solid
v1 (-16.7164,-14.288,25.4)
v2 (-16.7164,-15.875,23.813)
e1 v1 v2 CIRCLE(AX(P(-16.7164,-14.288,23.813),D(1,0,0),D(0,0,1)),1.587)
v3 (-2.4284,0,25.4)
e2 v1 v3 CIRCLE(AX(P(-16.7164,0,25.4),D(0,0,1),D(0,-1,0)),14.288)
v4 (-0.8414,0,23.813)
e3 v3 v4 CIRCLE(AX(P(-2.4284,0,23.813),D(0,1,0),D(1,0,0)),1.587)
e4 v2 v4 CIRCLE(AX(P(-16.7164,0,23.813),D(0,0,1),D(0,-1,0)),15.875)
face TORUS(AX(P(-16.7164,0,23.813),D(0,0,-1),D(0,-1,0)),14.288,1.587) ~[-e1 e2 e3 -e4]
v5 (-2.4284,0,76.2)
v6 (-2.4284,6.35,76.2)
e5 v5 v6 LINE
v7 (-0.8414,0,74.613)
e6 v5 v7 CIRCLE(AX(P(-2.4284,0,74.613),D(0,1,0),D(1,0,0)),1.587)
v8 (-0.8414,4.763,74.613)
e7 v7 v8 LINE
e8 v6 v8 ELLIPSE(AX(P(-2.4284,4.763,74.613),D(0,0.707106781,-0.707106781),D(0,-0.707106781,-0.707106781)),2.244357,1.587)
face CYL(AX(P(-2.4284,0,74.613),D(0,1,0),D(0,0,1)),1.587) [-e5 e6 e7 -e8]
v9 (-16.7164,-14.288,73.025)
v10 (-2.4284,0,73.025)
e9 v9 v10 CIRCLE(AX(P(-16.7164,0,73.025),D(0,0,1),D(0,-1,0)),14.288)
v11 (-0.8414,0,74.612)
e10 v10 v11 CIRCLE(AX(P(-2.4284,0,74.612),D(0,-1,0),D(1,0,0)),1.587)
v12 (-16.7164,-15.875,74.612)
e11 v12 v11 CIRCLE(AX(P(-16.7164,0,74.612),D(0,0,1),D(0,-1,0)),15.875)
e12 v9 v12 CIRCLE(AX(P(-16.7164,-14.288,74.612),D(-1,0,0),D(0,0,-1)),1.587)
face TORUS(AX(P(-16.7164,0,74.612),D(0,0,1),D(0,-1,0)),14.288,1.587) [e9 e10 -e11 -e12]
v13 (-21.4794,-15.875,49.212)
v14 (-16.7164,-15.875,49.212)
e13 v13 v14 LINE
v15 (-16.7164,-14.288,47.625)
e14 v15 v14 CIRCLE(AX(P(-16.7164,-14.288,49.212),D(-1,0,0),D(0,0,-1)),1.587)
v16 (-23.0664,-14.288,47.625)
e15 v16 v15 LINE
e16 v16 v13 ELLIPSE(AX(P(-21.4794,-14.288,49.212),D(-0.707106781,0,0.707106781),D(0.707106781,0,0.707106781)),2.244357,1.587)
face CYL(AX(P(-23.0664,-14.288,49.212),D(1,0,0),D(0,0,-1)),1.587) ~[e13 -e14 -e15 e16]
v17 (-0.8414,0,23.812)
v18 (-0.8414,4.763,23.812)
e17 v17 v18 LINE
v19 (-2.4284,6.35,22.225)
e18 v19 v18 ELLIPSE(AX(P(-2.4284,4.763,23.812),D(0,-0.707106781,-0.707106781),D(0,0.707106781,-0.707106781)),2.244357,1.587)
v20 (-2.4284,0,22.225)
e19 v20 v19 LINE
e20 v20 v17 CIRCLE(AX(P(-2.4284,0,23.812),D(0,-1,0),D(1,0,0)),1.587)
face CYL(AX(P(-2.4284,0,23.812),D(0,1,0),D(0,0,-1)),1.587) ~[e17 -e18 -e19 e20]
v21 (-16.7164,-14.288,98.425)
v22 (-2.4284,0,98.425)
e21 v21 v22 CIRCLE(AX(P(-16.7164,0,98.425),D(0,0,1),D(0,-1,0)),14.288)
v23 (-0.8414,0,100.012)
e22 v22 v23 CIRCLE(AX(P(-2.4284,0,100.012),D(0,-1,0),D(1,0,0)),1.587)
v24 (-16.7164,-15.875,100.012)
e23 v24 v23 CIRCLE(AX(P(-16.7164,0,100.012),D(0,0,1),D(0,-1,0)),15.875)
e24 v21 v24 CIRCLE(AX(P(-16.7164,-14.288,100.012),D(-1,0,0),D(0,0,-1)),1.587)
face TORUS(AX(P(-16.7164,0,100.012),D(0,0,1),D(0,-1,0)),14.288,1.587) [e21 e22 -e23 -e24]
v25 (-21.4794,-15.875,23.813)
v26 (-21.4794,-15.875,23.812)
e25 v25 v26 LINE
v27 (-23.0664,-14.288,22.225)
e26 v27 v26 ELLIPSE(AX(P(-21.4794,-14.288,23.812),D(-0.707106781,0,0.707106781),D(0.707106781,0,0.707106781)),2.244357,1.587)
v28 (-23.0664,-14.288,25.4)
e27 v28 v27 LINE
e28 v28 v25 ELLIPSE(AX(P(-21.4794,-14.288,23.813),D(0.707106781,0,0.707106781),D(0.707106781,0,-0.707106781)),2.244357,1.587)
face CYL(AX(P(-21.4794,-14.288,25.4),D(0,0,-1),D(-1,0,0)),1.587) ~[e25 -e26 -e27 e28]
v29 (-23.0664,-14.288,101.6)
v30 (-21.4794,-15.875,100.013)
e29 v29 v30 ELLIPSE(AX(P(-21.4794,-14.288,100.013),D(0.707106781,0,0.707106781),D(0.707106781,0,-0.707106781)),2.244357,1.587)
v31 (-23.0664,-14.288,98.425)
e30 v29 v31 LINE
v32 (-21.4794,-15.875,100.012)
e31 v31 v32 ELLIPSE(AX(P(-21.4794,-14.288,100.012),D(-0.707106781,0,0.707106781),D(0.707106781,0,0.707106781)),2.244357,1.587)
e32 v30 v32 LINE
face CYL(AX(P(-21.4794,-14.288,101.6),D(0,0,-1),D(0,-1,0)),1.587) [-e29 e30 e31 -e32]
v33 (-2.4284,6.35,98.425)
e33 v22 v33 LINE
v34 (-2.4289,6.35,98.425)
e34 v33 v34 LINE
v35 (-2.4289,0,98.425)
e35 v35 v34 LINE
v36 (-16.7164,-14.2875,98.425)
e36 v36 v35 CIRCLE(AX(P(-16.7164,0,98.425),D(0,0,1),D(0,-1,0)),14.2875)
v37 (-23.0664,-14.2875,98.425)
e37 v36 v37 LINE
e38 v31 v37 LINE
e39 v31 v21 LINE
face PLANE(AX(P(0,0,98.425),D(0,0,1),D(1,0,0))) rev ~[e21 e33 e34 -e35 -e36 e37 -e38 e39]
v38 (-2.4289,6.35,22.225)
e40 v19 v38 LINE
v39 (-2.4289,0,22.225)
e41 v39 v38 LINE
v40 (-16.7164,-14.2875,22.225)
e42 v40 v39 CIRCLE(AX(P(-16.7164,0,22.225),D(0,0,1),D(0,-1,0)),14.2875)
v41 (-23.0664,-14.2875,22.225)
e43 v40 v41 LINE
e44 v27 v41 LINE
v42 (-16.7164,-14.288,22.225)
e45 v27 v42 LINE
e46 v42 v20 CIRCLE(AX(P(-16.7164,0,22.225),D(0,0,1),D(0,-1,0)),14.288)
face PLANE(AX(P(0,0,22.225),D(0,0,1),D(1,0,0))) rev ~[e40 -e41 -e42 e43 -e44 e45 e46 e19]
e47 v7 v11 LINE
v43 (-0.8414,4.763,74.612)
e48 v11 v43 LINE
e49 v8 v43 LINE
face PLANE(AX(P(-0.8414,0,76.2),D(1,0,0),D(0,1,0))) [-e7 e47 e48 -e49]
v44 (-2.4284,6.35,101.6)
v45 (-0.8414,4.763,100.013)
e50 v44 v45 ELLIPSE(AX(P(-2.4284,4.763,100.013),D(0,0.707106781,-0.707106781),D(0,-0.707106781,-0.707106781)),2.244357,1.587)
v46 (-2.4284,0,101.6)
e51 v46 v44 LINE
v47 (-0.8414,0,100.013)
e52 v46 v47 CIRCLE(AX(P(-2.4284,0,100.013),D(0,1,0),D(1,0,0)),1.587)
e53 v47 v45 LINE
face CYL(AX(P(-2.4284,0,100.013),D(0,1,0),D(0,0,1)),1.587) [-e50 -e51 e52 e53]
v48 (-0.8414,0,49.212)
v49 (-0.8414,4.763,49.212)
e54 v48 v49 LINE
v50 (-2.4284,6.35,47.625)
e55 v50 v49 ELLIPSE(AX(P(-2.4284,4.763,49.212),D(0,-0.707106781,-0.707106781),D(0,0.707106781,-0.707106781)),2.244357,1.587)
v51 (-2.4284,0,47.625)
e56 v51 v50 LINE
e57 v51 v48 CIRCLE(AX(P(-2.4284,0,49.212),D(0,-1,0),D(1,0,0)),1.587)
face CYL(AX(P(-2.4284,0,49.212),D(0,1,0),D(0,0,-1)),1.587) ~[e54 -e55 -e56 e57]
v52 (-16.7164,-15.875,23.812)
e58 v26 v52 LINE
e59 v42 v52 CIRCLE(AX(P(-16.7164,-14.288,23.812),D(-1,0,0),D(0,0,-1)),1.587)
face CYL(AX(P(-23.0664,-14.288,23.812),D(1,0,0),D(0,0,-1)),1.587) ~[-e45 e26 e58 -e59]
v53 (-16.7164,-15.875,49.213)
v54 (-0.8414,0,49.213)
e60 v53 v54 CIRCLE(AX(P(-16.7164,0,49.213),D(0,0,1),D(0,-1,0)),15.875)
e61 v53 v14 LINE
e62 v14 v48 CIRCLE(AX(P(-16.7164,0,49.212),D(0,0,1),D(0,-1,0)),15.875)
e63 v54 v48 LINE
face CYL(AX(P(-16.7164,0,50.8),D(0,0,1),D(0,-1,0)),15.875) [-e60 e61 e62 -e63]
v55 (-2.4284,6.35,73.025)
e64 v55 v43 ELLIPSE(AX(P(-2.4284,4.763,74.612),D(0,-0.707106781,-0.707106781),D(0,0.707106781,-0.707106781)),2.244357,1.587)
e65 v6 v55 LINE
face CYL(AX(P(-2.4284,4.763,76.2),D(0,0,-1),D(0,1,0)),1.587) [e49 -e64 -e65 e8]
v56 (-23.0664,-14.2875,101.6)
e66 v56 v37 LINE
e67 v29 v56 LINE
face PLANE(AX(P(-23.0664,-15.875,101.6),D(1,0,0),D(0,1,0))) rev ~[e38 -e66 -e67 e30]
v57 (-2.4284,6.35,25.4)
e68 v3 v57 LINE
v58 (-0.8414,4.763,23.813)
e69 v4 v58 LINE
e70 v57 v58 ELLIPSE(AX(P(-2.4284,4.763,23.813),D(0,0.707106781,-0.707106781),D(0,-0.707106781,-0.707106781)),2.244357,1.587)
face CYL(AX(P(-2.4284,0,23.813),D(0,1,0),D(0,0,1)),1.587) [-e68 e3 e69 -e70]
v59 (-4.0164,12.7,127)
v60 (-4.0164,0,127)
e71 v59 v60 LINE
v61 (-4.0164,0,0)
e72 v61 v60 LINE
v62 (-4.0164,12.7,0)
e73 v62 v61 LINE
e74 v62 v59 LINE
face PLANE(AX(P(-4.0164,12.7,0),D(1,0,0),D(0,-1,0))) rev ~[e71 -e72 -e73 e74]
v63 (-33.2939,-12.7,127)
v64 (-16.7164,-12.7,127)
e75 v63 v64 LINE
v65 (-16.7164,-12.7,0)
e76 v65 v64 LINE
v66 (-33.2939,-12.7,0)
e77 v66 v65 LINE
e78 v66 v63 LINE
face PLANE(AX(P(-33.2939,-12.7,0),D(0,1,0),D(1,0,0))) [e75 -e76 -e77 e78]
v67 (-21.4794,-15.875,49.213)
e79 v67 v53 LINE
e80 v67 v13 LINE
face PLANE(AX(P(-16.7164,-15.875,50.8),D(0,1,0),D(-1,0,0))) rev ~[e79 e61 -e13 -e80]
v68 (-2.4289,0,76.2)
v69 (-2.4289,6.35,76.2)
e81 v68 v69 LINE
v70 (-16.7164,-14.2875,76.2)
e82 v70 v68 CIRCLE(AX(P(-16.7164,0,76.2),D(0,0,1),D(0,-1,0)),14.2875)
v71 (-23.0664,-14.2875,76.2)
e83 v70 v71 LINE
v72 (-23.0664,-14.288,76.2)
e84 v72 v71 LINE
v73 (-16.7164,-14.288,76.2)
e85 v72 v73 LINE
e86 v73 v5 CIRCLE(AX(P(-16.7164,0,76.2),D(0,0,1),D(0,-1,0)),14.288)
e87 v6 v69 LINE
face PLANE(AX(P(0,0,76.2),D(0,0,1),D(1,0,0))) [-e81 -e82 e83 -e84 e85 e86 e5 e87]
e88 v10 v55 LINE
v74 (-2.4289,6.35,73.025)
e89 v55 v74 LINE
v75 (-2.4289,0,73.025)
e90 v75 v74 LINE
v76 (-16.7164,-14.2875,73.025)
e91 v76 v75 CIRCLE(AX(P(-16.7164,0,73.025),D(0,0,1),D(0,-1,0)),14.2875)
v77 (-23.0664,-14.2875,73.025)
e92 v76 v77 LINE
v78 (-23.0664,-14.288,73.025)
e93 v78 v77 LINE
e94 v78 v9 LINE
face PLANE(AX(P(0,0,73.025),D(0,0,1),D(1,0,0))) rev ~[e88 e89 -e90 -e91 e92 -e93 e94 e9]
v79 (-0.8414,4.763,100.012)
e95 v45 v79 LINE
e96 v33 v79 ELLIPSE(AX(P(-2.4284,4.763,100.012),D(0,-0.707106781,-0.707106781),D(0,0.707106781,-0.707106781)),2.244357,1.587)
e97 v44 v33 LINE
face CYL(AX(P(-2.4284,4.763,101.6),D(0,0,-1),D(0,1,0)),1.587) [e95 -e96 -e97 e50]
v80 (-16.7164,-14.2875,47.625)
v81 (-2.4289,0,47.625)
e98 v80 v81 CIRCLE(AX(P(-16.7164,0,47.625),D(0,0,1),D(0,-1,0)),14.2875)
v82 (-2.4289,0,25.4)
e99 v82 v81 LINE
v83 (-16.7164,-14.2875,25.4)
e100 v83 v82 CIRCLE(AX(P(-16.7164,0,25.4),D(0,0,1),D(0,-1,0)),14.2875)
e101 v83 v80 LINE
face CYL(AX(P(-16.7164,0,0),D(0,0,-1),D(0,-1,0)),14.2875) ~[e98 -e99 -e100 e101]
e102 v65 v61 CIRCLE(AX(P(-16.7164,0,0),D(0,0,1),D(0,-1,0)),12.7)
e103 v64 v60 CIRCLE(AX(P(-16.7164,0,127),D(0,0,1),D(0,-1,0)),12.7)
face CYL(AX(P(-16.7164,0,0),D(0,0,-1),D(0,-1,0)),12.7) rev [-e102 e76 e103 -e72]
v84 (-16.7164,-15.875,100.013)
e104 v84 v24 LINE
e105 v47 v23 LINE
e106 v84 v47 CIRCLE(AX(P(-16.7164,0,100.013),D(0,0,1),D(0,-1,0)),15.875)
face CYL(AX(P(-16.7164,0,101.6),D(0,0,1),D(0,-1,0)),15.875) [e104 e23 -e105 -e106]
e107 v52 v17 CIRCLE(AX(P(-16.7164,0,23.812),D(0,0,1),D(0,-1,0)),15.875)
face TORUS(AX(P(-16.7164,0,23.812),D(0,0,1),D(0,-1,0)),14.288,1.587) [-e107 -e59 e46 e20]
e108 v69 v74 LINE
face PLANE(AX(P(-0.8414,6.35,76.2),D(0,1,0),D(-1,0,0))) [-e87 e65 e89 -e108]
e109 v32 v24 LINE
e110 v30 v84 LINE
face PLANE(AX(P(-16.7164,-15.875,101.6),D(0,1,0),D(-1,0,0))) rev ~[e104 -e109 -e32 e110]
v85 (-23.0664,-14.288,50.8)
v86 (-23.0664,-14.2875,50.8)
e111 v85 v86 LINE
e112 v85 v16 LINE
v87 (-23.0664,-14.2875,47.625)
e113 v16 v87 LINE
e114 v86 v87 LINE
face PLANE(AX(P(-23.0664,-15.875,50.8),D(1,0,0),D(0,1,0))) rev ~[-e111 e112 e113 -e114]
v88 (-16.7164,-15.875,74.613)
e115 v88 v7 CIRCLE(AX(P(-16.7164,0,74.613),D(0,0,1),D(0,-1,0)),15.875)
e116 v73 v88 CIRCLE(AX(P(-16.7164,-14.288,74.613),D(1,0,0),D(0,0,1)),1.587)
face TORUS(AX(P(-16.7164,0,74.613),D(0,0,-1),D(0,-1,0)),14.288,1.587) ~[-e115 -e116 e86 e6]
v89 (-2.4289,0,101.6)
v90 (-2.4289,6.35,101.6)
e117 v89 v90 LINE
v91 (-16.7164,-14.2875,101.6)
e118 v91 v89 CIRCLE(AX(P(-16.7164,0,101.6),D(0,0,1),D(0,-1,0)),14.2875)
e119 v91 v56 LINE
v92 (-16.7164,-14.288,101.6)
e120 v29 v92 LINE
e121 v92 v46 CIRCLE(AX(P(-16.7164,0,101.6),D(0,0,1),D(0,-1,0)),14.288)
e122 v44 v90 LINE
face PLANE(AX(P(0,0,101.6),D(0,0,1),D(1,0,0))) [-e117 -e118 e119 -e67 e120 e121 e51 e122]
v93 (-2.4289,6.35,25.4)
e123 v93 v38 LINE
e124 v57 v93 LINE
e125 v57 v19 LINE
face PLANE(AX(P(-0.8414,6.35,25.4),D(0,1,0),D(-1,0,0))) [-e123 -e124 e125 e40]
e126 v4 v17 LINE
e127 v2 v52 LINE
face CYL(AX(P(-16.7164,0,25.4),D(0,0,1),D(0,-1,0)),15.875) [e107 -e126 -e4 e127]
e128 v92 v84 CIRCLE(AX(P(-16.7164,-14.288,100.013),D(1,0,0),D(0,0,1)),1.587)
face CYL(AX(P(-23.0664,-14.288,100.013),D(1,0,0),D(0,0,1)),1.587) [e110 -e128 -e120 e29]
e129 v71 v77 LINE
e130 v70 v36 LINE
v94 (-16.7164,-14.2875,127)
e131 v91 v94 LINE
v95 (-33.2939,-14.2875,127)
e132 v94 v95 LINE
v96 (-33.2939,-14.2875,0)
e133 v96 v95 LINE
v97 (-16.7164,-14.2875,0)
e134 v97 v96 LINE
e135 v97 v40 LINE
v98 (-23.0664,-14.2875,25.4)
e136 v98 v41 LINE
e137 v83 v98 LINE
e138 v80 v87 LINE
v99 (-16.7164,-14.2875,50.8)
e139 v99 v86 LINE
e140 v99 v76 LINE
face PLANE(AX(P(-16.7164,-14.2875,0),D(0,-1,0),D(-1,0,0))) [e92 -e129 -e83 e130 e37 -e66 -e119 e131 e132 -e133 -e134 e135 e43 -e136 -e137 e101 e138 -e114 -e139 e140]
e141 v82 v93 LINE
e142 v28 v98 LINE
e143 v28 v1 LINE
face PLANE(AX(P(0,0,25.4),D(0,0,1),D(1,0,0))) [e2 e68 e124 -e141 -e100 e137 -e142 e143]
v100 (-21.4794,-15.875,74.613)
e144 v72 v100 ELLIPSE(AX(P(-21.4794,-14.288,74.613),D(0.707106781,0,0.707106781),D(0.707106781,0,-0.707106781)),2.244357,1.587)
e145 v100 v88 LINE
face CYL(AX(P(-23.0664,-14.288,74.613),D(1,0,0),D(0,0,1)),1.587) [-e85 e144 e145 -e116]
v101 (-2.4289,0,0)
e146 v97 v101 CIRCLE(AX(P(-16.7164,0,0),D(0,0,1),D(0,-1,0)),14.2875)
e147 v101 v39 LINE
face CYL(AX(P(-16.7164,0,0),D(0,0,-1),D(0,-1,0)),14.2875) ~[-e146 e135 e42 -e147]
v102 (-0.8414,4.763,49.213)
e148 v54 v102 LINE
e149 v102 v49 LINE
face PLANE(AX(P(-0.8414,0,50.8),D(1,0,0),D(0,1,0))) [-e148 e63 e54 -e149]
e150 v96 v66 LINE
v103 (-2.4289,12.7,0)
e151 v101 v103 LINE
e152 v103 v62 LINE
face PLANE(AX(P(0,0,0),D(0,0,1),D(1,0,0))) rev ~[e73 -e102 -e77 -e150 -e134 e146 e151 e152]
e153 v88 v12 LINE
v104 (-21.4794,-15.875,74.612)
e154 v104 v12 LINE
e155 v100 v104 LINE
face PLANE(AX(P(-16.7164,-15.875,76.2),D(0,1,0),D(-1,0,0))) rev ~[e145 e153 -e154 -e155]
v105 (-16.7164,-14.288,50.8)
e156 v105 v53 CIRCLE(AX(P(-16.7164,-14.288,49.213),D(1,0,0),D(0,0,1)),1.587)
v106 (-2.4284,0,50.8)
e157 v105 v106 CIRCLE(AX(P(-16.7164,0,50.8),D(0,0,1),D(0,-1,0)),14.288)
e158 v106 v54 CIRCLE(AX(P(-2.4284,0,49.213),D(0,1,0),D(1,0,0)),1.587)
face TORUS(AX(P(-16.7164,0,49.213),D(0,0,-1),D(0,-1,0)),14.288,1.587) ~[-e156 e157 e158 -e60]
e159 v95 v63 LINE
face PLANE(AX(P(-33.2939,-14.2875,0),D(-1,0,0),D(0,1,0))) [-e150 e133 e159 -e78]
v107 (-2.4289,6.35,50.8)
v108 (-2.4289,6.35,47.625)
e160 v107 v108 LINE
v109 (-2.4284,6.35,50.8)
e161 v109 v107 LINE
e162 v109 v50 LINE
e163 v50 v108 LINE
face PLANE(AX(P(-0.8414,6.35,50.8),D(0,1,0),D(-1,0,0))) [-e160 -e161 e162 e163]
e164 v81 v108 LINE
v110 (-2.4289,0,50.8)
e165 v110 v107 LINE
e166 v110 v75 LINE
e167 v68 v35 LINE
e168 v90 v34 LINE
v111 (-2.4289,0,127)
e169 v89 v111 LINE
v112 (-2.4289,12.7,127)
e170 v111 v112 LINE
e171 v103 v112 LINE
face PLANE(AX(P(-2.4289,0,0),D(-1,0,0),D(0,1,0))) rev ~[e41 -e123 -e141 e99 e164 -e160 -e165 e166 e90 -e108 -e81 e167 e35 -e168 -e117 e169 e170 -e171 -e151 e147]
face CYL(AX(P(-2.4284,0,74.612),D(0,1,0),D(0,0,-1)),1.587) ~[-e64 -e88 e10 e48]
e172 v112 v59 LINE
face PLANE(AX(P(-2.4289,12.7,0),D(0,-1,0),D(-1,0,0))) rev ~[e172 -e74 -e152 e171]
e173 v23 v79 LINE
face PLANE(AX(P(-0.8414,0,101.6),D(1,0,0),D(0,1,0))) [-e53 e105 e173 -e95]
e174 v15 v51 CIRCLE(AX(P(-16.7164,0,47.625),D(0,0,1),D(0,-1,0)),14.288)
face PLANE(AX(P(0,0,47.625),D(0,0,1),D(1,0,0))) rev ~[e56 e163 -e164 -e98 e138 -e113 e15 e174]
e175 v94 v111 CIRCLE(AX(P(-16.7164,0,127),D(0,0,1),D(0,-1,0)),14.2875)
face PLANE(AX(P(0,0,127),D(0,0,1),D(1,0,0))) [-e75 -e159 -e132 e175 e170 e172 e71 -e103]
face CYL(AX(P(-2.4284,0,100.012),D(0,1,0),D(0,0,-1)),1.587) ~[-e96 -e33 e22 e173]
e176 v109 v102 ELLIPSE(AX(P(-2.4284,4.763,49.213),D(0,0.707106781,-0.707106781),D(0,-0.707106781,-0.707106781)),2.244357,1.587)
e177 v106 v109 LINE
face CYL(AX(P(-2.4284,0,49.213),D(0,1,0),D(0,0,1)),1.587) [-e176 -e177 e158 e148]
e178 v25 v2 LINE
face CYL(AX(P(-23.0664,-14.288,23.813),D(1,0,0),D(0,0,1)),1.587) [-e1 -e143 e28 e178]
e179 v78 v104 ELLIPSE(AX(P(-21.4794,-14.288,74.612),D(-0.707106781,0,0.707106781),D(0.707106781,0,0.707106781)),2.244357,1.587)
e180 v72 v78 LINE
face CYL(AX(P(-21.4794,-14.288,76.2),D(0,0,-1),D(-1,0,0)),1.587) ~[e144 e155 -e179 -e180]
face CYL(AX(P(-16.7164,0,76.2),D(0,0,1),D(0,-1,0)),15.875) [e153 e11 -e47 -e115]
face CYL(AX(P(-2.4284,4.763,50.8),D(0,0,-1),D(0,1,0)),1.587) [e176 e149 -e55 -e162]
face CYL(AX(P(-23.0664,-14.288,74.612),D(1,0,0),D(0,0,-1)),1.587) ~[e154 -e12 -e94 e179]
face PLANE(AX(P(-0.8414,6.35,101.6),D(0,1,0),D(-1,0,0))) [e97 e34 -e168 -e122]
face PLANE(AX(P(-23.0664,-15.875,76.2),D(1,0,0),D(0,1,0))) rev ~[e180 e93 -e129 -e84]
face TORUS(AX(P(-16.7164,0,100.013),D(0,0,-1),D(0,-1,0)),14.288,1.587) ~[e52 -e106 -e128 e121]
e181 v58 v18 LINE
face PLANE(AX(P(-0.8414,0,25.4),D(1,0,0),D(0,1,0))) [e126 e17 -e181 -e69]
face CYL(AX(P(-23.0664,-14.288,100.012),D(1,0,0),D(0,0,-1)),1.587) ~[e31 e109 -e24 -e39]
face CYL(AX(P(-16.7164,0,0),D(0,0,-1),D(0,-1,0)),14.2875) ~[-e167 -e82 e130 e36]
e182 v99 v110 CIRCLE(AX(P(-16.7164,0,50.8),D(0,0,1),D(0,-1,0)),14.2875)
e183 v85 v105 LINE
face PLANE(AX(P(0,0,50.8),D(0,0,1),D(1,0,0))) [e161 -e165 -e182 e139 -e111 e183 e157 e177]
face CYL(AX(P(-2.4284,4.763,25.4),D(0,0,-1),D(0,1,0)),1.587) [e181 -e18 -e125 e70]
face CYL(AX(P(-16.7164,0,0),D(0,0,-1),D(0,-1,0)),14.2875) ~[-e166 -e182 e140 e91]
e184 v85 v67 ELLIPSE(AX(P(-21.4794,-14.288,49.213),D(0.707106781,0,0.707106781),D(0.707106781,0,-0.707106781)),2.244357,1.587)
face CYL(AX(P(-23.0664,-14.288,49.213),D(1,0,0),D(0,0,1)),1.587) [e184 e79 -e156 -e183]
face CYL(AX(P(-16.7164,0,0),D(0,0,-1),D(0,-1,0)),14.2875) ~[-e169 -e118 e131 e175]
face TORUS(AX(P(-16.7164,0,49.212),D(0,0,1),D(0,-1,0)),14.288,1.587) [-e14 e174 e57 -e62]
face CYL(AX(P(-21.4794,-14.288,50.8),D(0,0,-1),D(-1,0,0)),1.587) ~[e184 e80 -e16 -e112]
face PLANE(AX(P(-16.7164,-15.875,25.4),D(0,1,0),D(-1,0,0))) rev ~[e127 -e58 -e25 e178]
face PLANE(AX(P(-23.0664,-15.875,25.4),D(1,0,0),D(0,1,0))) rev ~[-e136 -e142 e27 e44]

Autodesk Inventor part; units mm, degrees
ref_plane "YZ Plane" through (0, 0, 0) normal (1, 0, 0) x (0, 1, 0)
ref_plane "XZ Plane" through (0, 0, 0) normal (0, 1, 0) x (-1, 0, 0)
sketch "Sketch1" plane through (0, 0, 0) normal (0, 0, 1) x (1, 0, 0)
  line L0 (-2.4289, 0) -> (-2.4289, 12.7)
  line L1 (-2.4289, 12.7) -> (-4.0164, 12.7)
  line L2 (-4.0164, 12.7) -> (-4.0164, 0)
  line L3 (-4.0164, 0) -> (-29.4164, 0) construction
  line L4 (-33.2939, -14.2875) -> (-33.2939, -12.7)
  line L5 (-33.2939, -12.7) -> (-16.7164, -12.7)
  line L6 (-16.7164, -14.2875) -> (-33.2939, -14.2875)
  arc A0 (-16.7164, -14.2875) -> (-2.4289, 0) centre (-16.7164, 0) ccw
  arc A1 (-16.7164, -12.7) -> (-4.0164, 0) centre (-16.7164, 0) ccw
  dimension "d5" = 1.5875
  dimension "d9" = 1.5875
extrude "Extrusion1" add sketch "Sketch1" along normal blind 127
ref_plane "Work Plane1" through (0, 0, 101.6) normal (0, 0, 1) x (1, 0, 0)
sketch "Sketch2" plane through (0, 0, 101.6) normal (0, 0, 1) x (1, 0, 0)
  arc A0 (-16.7164, -14.2875) -> (-2.4289, 0) centre (-16.7164, 0) ccw projected
  arc A1 (-16.7164, -14.2875) -> (-2.4289, 0) centre (-16.7164, 0) ccw
  line L0 (-0.8414, 0) -> (-0.8414, 6.35)
  line L1 (-0.8414, 6.35) -> (-2.4289, 6.35)
  line L2 (-2.4289, 0) -> (-2.4289, 12.7) projected
  line L3 (-16.7164, -15.875) -> (-23.0664, -15.875)
  line L4 (-23.0664, -15.875) -> (-23.0664, -14.2875)
  line L5 (-16.7164, -14.2875) -> (-33.2939, -14.2875) projected
  line L6 (-23.0664, -14.2875) -> (-16.7164, -14.2875)
  line L7 (-2.4289, 6.35) -> (-2.4289, 0)
  arc A2 (-16.7164, -15.875) -> (-0.8414, 0) centre (-16.7164, 0) ccw
  line L8 (-16.7164, 0) -> (-16.7164, -14.2875) construction
  line L9 (-16.7164, -15.875) -> (-16.7164, -20.4579) construction
  point P0 (0, 0)
  dimension "d14" = 6.35
  dimension "d15" = 6.35
extrude "Extrusion2" add sketch "Sketch2" against normal blind 3.175
fillet "Fillet1" radius 1.5875 8 edges at (-0.8414, 6.35, 100.0125) (-5.4911, -11.2253, 101.6) (-0.8414, 3.175, 101.6) (-19.8914, -15.875, 101.6) (-5.4911, -11.2253, 98.425) (-0.8414, 3.175, 98.425) (-19.8914, -15.875, 98.425) (-23.0664, -15.875, 100.0125)
pattern_linear "Rectangular Pattern1" count 4 spacing 25.4 along (0, 0, -1) of "Extrusion2", "Fillet1"
properties part number "Grip"
